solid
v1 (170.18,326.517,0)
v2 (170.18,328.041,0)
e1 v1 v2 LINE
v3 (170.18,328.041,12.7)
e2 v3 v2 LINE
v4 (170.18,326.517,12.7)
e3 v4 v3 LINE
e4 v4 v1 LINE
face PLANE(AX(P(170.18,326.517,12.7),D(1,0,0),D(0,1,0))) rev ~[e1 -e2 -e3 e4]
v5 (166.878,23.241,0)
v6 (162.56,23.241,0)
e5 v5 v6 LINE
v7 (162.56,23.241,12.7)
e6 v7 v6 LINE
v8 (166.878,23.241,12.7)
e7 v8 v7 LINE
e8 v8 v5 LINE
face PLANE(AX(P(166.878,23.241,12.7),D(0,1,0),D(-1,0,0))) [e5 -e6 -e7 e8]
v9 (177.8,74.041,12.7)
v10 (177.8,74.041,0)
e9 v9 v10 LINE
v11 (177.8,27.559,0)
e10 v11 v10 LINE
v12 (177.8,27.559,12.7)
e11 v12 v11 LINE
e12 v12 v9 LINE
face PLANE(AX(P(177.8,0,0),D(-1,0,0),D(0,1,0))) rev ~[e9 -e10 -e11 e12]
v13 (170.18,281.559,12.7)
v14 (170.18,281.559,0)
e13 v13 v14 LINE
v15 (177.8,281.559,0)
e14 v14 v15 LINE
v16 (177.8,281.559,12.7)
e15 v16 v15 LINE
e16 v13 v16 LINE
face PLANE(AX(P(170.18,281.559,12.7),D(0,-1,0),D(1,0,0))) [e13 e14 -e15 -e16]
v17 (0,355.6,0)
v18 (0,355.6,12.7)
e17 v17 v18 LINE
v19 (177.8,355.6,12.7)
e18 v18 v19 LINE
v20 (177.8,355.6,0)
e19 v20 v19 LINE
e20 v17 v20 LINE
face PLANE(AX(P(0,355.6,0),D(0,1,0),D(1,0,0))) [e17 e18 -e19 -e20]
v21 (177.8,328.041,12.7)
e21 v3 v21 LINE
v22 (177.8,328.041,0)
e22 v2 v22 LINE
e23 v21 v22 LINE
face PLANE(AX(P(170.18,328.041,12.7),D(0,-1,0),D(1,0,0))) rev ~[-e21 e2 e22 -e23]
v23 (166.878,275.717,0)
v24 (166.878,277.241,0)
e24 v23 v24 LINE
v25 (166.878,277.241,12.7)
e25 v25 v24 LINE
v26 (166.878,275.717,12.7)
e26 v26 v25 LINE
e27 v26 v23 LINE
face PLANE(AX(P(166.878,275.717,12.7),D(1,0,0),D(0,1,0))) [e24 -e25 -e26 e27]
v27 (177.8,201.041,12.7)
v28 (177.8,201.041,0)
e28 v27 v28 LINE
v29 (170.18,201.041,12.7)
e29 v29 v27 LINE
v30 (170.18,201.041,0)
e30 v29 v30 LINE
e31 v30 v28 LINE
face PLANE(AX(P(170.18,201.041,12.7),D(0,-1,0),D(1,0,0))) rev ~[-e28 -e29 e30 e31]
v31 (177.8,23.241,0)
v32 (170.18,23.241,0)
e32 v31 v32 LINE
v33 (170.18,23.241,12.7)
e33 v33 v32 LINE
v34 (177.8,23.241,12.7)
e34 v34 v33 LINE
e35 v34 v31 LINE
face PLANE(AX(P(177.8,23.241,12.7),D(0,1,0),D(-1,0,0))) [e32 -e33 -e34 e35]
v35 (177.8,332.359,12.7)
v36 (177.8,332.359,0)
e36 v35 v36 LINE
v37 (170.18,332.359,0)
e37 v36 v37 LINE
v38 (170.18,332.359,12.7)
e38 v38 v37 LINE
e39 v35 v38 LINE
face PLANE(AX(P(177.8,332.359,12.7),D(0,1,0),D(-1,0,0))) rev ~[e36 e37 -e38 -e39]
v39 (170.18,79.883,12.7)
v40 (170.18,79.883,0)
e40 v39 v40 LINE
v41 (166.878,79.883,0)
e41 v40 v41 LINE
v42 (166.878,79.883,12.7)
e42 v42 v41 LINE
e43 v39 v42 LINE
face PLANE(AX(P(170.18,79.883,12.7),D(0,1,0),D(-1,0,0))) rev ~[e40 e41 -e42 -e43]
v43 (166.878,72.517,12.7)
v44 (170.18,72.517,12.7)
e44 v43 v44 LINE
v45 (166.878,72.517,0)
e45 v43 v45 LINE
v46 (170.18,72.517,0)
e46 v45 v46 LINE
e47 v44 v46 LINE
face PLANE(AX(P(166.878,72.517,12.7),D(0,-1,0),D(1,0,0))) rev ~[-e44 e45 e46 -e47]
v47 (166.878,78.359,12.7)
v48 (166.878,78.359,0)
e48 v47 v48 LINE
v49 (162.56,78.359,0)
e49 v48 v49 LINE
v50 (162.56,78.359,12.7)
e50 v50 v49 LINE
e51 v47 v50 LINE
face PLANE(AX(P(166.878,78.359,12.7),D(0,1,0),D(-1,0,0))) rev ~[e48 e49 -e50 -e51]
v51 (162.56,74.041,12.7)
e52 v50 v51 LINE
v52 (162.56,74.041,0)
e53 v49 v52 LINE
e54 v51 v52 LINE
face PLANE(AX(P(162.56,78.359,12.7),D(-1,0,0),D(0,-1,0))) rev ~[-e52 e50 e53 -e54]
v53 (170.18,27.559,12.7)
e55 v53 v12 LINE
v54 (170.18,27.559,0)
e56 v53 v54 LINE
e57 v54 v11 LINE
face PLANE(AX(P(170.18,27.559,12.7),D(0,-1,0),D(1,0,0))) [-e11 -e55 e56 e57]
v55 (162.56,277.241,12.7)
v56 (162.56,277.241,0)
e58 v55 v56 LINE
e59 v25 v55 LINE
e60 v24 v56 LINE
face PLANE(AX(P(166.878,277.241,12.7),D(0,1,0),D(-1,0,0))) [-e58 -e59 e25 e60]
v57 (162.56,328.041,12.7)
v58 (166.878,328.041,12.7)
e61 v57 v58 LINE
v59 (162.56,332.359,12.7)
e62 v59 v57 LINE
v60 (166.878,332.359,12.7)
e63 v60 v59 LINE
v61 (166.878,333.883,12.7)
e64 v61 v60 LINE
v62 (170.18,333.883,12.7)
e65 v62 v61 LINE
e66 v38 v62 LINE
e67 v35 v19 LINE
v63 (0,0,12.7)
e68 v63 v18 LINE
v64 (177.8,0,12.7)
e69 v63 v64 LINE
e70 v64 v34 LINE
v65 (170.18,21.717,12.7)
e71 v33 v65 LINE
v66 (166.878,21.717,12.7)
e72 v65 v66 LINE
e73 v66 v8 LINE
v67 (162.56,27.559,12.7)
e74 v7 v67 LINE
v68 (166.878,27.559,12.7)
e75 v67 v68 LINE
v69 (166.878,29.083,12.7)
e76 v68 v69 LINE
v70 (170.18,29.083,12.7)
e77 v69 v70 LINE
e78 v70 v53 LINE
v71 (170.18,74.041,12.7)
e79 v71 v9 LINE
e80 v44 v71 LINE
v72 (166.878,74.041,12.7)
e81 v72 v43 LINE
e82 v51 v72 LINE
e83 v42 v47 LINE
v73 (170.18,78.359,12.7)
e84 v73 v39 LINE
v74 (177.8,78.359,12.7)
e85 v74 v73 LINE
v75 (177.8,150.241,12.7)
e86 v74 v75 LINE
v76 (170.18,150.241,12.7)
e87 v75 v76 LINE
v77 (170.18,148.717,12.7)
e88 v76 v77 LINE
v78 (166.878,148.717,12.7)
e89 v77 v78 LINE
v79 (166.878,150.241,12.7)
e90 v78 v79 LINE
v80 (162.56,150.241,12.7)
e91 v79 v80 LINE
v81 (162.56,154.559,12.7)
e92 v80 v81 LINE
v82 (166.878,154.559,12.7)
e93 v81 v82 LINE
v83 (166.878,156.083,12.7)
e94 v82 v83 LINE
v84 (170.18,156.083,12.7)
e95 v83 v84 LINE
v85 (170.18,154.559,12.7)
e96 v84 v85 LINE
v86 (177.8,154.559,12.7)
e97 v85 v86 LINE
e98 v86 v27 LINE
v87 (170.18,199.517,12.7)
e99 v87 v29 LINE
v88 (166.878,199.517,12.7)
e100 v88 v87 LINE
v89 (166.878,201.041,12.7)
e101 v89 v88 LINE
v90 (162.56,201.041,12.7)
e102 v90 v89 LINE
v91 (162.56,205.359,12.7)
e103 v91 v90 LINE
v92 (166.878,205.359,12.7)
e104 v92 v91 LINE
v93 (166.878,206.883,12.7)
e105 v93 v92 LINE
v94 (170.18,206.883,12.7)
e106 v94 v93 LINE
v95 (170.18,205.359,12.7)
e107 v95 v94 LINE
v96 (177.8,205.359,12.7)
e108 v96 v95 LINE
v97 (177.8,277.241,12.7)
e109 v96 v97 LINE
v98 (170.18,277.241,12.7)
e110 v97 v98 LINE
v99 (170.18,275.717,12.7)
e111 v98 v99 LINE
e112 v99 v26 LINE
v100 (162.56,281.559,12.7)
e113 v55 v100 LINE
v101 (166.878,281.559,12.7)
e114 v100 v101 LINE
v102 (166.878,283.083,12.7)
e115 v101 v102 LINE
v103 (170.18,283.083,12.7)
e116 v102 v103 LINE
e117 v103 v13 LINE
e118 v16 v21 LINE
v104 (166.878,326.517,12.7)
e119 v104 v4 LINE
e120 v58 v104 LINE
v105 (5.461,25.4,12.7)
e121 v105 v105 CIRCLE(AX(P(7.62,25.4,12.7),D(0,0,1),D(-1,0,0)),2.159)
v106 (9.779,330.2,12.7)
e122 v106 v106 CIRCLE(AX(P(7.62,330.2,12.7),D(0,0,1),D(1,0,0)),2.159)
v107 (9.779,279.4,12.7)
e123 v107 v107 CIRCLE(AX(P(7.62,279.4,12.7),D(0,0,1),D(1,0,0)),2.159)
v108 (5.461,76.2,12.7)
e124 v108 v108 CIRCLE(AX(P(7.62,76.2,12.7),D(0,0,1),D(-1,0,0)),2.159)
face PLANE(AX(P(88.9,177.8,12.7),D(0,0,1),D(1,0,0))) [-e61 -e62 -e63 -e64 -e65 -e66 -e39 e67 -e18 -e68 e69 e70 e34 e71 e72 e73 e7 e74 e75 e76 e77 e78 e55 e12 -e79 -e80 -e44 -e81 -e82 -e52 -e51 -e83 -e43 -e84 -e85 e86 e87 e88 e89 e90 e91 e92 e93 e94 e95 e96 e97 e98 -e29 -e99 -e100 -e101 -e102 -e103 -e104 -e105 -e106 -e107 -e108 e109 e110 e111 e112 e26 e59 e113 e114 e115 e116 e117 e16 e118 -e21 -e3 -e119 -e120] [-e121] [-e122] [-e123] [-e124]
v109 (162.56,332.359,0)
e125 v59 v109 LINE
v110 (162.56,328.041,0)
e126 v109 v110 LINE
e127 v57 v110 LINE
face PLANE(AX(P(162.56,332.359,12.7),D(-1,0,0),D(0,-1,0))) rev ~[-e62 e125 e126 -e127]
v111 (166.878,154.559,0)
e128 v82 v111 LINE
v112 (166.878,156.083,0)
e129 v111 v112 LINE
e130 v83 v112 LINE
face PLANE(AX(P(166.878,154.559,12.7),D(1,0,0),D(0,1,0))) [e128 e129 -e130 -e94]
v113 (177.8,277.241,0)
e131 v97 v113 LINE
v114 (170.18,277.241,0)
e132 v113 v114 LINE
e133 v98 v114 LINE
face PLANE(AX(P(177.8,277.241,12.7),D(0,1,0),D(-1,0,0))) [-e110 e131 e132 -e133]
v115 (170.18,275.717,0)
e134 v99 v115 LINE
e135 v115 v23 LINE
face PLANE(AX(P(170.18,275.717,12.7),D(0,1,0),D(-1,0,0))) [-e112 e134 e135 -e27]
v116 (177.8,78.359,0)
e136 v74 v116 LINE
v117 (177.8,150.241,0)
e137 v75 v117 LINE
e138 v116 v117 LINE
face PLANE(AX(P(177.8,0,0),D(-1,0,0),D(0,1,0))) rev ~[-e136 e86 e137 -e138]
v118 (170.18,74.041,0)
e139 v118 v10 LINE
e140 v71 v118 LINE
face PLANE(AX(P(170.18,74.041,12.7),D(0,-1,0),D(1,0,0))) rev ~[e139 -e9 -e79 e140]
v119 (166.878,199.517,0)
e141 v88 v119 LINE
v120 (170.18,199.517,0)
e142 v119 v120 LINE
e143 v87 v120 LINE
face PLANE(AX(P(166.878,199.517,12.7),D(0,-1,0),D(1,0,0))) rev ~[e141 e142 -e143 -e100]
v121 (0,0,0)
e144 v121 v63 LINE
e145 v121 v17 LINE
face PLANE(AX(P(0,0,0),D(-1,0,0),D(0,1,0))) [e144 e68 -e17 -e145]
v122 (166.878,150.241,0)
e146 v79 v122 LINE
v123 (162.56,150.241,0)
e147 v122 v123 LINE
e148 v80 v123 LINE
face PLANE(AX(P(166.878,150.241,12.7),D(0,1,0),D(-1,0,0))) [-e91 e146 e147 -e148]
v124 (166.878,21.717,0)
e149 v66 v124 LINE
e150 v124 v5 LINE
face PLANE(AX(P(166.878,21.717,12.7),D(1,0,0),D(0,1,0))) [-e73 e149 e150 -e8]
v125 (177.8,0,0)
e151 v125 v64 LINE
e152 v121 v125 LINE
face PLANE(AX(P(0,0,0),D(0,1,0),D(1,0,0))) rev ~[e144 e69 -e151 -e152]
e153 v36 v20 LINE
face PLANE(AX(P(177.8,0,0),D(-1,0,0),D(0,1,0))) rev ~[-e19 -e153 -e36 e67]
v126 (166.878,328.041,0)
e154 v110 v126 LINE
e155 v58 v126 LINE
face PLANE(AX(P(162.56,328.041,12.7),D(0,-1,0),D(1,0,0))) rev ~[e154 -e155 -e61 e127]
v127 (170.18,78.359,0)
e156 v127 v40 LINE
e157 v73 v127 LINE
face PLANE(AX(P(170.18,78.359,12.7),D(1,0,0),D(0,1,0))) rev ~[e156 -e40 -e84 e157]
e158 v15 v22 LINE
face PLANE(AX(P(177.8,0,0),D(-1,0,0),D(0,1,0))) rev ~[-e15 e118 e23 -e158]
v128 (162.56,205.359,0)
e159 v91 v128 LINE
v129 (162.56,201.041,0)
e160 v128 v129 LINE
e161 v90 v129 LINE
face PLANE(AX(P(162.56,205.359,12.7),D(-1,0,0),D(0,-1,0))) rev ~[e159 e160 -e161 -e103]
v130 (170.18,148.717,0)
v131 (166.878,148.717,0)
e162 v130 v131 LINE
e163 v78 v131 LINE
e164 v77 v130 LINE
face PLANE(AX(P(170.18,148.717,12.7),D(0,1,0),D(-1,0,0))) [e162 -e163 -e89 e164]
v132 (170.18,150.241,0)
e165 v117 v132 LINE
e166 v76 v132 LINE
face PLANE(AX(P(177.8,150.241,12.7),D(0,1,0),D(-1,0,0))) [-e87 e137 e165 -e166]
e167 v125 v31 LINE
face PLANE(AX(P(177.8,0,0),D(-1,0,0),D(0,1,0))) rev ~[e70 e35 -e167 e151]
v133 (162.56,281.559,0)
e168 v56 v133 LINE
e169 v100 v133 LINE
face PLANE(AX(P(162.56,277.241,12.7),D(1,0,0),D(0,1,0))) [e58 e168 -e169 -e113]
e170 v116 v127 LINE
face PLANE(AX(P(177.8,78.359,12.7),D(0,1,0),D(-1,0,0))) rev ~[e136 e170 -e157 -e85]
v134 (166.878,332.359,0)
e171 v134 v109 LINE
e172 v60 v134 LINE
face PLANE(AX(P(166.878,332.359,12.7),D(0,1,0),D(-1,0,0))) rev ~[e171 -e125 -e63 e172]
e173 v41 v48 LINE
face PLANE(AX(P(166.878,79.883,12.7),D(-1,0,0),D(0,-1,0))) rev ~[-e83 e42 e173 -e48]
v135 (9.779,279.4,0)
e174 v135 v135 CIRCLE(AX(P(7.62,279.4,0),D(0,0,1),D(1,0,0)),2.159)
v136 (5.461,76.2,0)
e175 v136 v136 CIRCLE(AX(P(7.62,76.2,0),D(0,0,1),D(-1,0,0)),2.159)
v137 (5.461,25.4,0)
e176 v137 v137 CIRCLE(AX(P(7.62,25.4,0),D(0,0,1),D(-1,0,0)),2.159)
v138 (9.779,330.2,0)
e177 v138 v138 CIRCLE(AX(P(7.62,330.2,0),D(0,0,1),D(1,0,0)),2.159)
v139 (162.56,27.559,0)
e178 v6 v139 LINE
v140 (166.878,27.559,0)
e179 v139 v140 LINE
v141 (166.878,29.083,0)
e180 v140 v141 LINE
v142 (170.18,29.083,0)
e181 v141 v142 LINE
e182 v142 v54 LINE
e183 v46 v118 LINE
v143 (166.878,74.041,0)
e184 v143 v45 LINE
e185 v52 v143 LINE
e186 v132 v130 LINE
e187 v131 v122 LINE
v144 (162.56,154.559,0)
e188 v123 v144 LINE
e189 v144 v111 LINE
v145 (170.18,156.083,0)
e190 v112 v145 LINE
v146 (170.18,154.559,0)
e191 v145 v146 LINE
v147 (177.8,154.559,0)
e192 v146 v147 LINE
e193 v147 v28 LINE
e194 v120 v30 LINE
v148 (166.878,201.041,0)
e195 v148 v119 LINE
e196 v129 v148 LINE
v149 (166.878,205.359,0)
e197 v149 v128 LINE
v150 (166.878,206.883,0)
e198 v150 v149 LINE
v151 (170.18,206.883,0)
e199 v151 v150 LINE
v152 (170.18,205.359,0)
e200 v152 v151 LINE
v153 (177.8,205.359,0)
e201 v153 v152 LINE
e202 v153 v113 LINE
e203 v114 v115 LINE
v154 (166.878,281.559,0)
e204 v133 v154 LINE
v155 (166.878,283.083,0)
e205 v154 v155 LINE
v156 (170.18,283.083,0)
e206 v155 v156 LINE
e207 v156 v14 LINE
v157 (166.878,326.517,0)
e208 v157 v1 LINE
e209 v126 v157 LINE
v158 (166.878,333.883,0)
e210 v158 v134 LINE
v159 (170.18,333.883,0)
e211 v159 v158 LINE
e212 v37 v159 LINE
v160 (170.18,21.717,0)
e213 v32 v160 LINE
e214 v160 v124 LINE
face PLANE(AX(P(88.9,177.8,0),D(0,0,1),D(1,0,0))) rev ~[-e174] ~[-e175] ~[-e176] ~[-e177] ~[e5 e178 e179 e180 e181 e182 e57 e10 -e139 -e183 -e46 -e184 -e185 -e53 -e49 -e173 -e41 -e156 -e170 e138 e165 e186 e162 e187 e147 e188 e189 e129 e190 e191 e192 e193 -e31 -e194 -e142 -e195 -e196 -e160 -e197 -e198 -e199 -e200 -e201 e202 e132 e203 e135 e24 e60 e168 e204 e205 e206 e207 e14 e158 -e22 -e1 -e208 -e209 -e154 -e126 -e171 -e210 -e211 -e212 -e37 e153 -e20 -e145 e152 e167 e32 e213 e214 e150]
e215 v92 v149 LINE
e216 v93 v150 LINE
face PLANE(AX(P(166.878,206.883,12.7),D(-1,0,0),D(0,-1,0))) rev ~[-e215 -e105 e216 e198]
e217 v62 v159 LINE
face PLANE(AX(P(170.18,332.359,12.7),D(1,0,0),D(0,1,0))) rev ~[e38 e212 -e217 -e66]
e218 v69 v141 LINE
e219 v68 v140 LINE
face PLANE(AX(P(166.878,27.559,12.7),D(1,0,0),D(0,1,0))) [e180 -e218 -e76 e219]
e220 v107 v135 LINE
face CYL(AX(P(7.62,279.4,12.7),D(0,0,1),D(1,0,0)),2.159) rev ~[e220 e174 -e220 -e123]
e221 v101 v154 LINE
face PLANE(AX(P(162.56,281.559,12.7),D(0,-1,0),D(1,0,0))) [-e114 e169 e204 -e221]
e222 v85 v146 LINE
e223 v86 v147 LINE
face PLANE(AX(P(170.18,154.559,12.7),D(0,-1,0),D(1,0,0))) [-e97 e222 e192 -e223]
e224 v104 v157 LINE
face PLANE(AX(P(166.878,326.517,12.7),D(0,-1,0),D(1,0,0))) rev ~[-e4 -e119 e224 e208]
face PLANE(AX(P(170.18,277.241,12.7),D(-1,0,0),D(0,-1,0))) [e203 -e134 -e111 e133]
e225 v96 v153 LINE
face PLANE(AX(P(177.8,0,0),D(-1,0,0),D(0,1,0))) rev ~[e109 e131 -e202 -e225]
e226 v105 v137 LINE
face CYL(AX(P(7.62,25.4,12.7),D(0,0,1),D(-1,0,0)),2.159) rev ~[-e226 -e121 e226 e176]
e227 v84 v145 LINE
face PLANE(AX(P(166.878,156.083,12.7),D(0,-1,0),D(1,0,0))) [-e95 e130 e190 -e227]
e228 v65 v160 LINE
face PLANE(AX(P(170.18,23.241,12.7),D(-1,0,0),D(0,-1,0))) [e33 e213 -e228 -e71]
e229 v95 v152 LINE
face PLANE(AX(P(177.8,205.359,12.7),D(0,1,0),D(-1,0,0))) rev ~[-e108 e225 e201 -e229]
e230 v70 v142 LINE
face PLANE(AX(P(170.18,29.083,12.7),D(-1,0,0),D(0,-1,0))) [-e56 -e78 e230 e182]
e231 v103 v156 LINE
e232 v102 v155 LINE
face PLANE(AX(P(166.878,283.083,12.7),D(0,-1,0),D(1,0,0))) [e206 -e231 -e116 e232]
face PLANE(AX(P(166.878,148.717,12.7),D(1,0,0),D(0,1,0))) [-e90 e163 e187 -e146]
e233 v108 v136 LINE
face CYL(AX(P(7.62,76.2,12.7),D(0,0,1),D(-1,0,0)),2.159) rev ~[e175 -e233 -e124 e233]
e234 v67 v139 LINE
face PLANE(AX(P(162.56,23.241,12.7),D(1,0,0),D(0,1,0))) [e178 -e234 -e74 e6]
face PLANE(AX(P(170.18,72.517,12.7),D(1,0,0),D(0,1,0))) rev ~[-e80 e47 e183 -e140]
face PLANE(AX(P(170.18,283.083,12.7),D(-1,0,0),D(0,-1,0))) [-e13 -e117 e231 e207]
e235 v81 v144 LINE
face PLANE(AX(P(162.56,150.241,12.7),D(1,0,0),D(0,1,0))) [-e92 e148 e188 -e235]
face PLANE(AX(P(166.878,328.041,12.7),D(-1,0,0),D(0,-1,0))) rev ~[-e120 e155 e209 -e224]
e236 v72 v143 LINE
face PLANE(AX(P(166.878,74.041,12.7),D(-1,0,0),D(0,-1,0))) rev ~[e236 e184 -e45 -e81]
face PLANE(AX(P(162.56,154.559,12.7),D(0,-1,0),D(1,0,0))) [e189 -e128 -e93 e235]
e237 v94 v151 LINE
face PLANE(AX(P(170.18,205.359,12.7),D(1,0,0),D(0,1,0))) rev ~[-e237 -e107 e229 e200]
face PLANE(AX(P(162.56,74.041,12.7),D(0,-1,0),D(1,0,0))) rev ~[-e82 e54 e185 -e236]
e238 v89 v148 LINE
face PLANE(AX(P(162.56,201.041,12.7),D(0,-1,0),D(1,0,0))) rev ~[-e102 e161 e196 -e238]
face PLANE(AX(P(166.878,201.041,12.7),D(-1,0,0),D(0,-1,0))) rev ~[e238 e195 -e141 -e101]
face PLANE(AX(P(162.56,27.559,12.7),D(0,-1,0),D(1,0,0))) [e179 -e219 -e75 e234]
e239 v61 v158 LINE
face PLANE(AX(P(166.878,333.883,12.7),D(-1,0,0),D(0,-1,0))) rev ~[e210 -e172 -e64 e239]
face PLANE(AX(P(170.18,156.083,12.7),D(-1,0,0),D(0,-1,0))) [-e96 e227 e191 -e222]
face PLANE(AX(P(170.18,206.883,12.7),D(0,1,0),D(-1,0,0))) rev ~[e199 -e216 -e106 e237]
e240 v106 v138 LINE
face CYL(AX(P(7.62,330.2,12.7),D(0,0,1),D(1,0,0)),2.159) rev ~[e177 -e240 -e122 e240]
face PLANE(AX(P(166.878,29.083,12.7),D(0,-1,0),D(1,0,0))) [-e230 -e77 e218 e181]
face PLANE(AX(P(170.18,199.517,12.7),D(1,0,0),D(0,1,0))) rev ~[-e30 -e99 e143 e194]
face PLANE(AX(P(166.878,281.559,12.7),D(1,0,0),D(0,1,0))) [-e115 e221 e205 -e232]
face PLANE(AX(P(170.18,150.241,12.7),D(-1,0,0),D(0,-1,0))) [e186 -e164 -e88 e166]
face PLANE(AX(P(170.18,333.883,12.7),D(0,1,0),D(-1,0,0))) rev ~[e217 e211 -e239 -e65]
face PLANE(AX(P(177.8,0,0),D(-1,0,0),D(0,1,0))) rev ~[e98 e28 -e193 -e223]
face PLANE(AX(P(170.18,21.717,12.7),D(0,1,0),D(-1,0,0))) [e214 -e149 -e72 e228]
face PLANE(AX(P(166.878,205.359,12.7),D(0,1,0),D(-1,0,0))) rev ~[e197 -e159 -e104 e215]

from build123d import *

# Parameters (mm, degrees)
SKETCH1_W           = 177.8
SKETCH1_H           = 355.6
BOSS_EXTRUDE1_DEPTH = 12.7
SKETCH3_R           = 2.159
CUT_EXTRUDE1_DEPTH  = 398.775677989


with BuildPart() as part:
    # Sketch1 → Boss-Extrude1 (new body)
    with BuildSketch(Plane.XY):
        with Locations((88.9, 177.8)):
            Rectangle(SKETCH1_W, SKETCH1_H)
    extrude(amount=BOSS_EXTRUDE1_DEPTH)

    # Sketch3 → Cut-Extrude1 (cut, through all)
    with BuildSketch(Plane.XY.offset(12.7)):
        with Locations((7.62, 330.2)):
            Circle(SKETCH3_R)
        with Locations((7.62, 279.4)):
            Circle(SKETCH3_R)
        with Locations(Location((7.62, 76.2, 0), (0, 0, 180))):
            Circle(SKETCH3_R)
        with Locations(Location((7.62, 25.4, 0), (0, 0, 180))):
            Circle(SKETCH3_R)
        Polygon((177.8, 332.359), (170.18, 332.359), (170.18, 333.883), (166.878, 333.883), (166.878, 332.359), (162.56, 332.359), (162.56, 328.041), (166.878, 328.041), (166.878, 326.517), (170.18, 326.517), (170.18, 328.041), (177.8, 328.041), align=None)
        Polygon((177.8, 281.559), (177.8, 277.241), (170.18, 277.241), (170.18, 275.717), (166.878, 275.717), (166.878, 277.241), (162.56, 277.241), (162.56, 281.559), (166.878, 281.559), (166.878, 283.083), (170.18, 283.083), (170.18, 281.559), align=None)
        Polygon((177.8, 78.359), (170.18, 78.359), (170.18, 79.883), (166.878, 79.883), (166.878, 78.359), (162.56, 78.359), (162.56, 74.041), (166.878, 74.041), (166.878, 72.517), (170.18, 72.517), (170.18, 74.041), (177.8, 74.041), align=None)
        Polygon((177.8, 27.559), (177.8, 23.241), (170.18, 23.241), (170.18, 21.717), (166.878, 21.717), (166.878, 23.241), (162.56, 23.241), (162.56, 27.559), (166.878, 27.559), (166.878, 29.083), (170.18, 29.083), (170.18, 27.559), align=None)
        Polygon((177.8, 205.359), (170.18, 205.359), (170.18, 206.883), (166.878, 206.883), (166.878, 205.359), (162.56, 205.359), (162.56, 201.041), (166.878, 201.041), (166.878, 199.517), (170.18, 199.517), (170.18, 201.041), (177.8, 201.041), align=None)
        Polygon((177.8, 154.559), (177.8, 150.241), (170.18, 150.241), (170.18, 148.717), (166.878, 148.717), (166.878, 150.241), (162.56, 150.241), (162.56, 154.559), (166.878, 154.559), (166.878, 156.083), (170.18, 156.083), (170.18, 154.559), align=None)
    extrude(amount=-CUT_EXTRUDE1_DEPTH, mode=Mode.SUBTRACT)


solid = part.part
